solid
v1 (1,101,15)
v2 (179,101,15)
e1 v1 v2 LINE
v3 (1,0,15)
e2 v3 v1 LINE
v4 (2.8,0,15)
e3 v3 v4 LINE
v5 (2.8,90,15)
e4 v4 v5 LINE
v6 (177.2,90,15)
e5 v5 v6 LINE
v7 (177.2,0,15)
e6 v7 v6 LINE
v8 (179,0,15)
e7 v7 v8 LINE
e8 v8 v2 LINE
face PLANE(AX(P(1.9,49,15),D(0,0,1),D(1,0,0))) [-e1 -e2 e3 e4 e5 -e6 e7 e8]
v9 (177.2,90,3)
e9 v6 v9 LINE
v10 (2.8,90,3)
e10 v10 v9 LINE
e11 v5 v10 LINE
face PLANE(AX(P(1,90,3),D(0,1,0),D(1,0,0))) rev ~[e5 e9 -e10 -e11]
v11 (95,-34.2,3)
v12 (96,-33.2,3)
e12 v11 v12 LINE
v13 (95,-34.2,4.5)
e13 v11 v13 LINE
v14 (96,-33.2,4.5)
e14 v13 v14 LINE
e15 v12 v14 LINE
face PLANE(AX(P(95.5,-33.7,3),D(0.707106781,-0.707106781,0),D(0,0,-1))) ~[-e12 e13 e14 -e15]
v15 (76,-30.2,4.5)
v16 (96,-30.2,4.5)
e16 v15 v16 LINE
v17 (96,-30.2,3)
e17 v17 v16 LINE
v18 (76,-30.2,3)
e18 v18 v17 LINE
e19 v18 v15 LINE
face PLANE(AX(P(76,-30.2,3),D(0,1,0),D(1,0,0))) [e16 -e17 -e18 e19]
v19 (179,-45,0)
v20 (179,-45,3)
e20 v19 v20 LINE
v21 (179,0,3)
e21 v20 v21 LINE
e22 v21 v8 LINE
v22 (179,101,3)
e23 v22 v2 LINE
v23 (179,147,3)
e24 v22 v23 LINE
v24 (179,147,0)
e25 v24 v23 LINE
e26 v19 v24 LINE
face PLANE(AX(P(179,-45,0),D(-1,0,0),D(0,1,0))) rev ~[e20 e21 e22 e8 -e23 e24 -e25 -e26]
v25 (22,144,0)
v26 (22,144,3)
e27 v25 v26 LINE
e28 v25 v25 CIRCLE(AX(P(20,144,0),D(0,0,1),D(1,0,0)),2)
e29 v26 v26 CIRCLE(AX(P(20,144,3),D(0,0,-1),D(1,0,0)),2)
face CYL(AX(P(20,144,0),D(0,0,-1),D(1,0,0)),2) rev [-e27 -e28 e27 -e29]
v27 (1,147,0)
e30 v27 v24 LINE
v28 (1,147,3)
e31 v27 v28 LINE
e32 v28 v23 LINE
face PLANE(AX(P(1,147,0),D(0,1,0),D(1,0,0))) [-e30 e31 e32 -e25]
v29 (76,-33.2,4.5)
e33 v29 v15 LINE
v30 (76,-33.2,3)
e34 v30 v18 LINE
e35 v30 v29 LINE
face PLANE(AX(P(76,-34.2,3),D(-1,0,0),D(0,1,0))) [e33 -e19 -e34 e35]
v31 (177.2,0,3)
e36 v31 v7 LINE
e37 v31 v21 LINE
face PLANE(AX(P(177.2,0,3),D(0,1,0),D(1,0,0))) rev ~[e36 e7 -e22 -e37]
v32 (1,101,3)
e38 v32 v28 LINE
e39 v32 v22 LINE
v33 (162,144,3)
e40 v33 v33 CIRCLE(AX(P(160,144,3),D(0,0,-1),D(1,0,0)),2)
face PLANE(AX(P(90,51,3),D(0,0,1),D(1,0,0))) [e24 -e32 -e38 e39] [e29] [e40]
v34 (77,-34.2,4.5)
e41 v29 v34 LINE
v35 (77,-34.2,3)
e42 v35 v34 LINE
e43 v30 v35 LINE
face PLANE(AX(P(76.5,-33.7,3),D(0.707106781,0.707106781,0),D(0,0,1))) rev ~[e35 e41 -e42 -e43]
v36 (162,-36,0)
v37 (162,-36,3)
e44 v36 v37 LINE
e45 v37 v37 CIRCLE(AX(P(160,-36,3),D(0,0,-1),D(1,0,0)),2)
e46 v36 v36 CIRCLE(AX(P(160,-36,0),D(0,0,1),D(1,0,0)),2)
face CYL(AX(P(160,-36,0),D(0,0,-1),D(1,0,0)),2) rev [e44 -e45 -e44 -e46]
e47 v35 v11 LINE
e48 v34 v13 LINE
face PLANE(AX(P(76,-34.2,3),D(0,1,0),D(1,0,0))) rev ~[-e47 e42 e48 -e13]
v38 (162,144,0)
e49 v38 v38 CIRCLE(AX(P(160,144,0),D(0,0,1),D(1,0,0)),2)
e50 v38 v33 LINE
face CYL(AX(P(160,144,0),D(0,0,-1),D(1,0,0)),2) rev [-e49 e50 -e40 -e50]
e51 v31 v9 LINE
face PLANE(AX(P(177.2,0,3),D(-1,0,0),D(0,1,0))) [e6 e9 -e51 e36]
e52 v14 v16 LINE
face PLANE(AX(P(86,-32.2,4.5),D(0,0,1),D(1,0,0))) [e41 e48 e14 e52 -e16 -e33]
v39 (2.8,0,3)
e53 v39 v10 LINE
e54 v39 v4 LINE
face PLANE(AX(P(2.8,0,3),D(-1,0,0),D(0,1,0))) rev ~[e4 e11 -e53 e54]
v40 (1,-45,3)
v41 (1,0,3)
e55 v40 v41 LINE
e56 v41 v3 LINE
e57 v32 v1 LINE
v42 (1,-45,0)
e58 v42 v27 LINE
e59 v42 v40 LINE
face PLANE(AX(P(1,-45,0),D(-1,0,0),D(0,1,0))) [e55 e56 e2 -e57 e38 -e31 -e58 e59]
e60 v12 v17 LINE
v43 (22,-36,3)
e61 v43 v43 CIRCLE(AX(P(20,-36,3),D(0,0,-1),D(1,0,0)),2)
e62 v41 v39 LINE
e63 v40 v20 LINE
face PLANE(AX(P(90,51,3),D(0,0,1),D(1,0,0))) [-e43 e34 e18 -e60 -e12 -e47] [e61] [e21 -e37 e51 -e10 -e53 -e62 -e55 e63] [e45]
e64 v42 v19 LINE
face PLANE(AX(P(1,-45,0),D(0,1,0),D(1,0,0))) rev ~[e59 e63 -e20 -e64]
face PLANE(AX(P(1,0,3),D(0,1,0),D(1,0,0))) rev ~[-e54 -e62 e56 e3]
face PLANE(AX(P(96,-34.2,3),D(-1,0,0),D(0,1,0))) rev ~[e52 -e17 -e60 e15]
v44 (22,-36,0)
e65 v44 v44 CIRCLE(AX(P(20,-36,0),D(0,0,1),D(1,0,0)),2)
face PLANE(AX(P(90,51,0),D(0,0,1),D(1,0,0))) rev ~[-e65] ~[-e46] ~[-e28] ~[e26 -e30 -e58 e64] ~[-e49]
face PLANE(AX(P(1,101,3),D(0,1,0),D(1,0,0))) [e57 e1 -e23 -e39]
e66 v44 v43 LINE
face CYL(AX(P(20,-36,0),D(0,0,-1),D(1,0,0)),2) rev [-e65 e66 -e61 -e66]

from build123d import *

# Parameters (mm, degrees)
CYLINDER028_R     = 2
CYLINDER028_DEPTH = 10
CYLINDER029_R     = 2
CYLINDER029_DEPTH = 10
CYLINDER030_R     = 2
CYLINDER030_DEPTH = 10
CYLINDER031_R     = 2
CYLINDER031_DEPTH = 10
BOX014_W          = 20
BOX014_H          = 4
BOX014_DEPTH      = 1.5
CHAMFER002_SIZE   = 1
BOX013_W          = 178
BOX013_H          = 11
BOX013_DEPTH      = 12
BOX011_W          = 1.8
BOX011_H          = 98
BOX011_DEPTH      = 12
BOX012_W          = 1.8
BOX012_H          = 98
BOX012_DEPTH      = 12
BOX005_W          = 178
BOX005_H          = 192
BOX005_DEPTH      = 3


with BuildPart() as cilindro007:
    # Cylinder028 → Cylinder028 (new body)
    with BuildSketch(Plane(origin=(20, 144, 0), x_dir=(1, 0, 0), z_dir=(0, 0, 1))):
        Circle(CYLINDER028_R)
    extrude(amount=CYLINDER028_DEPTH)


with BuildPart() as cilindro008:
    # Cylinder029 → Cylinder029 (new body)
    with BuildSketch(Plane(origin=(160, -36, 0), x_dir=(1, 0, 0), z_dir=(0, 0, 1))):
        Circle(CYLINDER029_R)
    extrude(amount=CYLINDER029_DEPTH)


with BuildPart() as cilindro009:
    # Cylinder030 → Cylinder030 (new body)
    with BuildSketch(Plane(origin=(20, -36, 0), x_dir=(1, 0, 0), z_dir=(0, 0, 1))):
        Circle(CYLINDER030_R)
    extrude(amount=CYLINDER030_DEPTH)


with BuildPart() as cilindro010:
    # Cylinder031 → Cylinder031 (new body)
    with BuildSketch(Plane(origin=(160, 144, 0), x_dir=(1, 0, 0), z_dir=(0, 0, 1))):
        Circle(CYLINDER031_R)
    extrude(amount=CYLINDER031_DEPTH)


with BuildPart() as chamfer002:
    # Box014 → Box014 (new body)
    with BuildSketch(Plane(origin=(76, -34.2, 3), x_dir=(1, 0, 0), z_dir=(0, 0, 1))):
        with Locations((10, 2)):
            Rectangle(BOX014_W, BOX014_H)
    extrude(amount=BOX014_DEPTH)

    # Chamfer002
    chamfer002_edges = [chamfer002.edges().sort_by_distance(p)[0] for p in [
        (76, -34.2, 3.75),
        (96, -34.2, 3.75),
    ]]
    chamfer(chamfer002_edges, length=CHAMFER002_SIZE)


with BuildPart() as cubo009:
    # Box013 → Box013 (new body)
    with BuildSketch(Plane(origin=(1, 90, 3), x_dir=(1, 0, 0), z_dir=(0, 0, 1))):
        with Locations((89, 5.5)):
            Rectangle(BOX013_W, BOX013_H)
    extrude(amount=BOX013_DEPTH)


with BuildPart() as fusion011:
    # Box011 → Box011 (new body)
    with BuildSketch(Plane(origin=(1, 0, 3), x_dir=(1, 0, 0), z_dir=(0, 0, 1))):
        with Locations((0.9, 49)):
            Rectangle(BOX011_W, BOX011_H)
    extrude(amount=BOX011_DEPTH)

    # Fusion011: union Cubo009
    add(cubo009.part)


with BuildPart() as fusion012:
    # Box012 → Box012 (new body)
    with BuildSketch(Plane(origin=(177.2, 0, 3), x_dir=(1, 0, 0), z_dir=(0, 0, 1))):
        with Locations((0.9, 49)):
            Rectangle(BOX012_W, BOX012_H)
    extrude(amount=BOX012_DEPTH)

    # Fusion012: union Fusion011
    add(fusion011.part)


with BuildPart() as cut049:
    # Box005 → Box005 (new body)
    with BuildSketch(Plane(origin=(1, -45, 0), x_dir=(1, 0, 0), z_dir=(0, 0, 1))):
        with Locations((89, 96)):
            Rectangle(BOX005_W, BOX005_H)
    extrude(amount=BOX005_DEPTH)

    # Fusion013: union Fusion012
    add(fusion012.part)

    # Fusion014: union Chamfer002
    add(chamfer002.part)

    # Cut046: cut Cilindro010
    add(cilindro010.part, mode=Mode.SUBTRACT)

    # Cut047: cut Cilindro009
    add(cilindro009.part, mode=Mode.SUBTRACT)

    # Cut048: cut Cilindro008
    add(cilindro008.part, mode=Mode.SUBTRACT)

    # Cut049: cut Cilindro007
    add(cilindro007.part, mode=Mode.SUBTRACT)


solid = cut049.part
